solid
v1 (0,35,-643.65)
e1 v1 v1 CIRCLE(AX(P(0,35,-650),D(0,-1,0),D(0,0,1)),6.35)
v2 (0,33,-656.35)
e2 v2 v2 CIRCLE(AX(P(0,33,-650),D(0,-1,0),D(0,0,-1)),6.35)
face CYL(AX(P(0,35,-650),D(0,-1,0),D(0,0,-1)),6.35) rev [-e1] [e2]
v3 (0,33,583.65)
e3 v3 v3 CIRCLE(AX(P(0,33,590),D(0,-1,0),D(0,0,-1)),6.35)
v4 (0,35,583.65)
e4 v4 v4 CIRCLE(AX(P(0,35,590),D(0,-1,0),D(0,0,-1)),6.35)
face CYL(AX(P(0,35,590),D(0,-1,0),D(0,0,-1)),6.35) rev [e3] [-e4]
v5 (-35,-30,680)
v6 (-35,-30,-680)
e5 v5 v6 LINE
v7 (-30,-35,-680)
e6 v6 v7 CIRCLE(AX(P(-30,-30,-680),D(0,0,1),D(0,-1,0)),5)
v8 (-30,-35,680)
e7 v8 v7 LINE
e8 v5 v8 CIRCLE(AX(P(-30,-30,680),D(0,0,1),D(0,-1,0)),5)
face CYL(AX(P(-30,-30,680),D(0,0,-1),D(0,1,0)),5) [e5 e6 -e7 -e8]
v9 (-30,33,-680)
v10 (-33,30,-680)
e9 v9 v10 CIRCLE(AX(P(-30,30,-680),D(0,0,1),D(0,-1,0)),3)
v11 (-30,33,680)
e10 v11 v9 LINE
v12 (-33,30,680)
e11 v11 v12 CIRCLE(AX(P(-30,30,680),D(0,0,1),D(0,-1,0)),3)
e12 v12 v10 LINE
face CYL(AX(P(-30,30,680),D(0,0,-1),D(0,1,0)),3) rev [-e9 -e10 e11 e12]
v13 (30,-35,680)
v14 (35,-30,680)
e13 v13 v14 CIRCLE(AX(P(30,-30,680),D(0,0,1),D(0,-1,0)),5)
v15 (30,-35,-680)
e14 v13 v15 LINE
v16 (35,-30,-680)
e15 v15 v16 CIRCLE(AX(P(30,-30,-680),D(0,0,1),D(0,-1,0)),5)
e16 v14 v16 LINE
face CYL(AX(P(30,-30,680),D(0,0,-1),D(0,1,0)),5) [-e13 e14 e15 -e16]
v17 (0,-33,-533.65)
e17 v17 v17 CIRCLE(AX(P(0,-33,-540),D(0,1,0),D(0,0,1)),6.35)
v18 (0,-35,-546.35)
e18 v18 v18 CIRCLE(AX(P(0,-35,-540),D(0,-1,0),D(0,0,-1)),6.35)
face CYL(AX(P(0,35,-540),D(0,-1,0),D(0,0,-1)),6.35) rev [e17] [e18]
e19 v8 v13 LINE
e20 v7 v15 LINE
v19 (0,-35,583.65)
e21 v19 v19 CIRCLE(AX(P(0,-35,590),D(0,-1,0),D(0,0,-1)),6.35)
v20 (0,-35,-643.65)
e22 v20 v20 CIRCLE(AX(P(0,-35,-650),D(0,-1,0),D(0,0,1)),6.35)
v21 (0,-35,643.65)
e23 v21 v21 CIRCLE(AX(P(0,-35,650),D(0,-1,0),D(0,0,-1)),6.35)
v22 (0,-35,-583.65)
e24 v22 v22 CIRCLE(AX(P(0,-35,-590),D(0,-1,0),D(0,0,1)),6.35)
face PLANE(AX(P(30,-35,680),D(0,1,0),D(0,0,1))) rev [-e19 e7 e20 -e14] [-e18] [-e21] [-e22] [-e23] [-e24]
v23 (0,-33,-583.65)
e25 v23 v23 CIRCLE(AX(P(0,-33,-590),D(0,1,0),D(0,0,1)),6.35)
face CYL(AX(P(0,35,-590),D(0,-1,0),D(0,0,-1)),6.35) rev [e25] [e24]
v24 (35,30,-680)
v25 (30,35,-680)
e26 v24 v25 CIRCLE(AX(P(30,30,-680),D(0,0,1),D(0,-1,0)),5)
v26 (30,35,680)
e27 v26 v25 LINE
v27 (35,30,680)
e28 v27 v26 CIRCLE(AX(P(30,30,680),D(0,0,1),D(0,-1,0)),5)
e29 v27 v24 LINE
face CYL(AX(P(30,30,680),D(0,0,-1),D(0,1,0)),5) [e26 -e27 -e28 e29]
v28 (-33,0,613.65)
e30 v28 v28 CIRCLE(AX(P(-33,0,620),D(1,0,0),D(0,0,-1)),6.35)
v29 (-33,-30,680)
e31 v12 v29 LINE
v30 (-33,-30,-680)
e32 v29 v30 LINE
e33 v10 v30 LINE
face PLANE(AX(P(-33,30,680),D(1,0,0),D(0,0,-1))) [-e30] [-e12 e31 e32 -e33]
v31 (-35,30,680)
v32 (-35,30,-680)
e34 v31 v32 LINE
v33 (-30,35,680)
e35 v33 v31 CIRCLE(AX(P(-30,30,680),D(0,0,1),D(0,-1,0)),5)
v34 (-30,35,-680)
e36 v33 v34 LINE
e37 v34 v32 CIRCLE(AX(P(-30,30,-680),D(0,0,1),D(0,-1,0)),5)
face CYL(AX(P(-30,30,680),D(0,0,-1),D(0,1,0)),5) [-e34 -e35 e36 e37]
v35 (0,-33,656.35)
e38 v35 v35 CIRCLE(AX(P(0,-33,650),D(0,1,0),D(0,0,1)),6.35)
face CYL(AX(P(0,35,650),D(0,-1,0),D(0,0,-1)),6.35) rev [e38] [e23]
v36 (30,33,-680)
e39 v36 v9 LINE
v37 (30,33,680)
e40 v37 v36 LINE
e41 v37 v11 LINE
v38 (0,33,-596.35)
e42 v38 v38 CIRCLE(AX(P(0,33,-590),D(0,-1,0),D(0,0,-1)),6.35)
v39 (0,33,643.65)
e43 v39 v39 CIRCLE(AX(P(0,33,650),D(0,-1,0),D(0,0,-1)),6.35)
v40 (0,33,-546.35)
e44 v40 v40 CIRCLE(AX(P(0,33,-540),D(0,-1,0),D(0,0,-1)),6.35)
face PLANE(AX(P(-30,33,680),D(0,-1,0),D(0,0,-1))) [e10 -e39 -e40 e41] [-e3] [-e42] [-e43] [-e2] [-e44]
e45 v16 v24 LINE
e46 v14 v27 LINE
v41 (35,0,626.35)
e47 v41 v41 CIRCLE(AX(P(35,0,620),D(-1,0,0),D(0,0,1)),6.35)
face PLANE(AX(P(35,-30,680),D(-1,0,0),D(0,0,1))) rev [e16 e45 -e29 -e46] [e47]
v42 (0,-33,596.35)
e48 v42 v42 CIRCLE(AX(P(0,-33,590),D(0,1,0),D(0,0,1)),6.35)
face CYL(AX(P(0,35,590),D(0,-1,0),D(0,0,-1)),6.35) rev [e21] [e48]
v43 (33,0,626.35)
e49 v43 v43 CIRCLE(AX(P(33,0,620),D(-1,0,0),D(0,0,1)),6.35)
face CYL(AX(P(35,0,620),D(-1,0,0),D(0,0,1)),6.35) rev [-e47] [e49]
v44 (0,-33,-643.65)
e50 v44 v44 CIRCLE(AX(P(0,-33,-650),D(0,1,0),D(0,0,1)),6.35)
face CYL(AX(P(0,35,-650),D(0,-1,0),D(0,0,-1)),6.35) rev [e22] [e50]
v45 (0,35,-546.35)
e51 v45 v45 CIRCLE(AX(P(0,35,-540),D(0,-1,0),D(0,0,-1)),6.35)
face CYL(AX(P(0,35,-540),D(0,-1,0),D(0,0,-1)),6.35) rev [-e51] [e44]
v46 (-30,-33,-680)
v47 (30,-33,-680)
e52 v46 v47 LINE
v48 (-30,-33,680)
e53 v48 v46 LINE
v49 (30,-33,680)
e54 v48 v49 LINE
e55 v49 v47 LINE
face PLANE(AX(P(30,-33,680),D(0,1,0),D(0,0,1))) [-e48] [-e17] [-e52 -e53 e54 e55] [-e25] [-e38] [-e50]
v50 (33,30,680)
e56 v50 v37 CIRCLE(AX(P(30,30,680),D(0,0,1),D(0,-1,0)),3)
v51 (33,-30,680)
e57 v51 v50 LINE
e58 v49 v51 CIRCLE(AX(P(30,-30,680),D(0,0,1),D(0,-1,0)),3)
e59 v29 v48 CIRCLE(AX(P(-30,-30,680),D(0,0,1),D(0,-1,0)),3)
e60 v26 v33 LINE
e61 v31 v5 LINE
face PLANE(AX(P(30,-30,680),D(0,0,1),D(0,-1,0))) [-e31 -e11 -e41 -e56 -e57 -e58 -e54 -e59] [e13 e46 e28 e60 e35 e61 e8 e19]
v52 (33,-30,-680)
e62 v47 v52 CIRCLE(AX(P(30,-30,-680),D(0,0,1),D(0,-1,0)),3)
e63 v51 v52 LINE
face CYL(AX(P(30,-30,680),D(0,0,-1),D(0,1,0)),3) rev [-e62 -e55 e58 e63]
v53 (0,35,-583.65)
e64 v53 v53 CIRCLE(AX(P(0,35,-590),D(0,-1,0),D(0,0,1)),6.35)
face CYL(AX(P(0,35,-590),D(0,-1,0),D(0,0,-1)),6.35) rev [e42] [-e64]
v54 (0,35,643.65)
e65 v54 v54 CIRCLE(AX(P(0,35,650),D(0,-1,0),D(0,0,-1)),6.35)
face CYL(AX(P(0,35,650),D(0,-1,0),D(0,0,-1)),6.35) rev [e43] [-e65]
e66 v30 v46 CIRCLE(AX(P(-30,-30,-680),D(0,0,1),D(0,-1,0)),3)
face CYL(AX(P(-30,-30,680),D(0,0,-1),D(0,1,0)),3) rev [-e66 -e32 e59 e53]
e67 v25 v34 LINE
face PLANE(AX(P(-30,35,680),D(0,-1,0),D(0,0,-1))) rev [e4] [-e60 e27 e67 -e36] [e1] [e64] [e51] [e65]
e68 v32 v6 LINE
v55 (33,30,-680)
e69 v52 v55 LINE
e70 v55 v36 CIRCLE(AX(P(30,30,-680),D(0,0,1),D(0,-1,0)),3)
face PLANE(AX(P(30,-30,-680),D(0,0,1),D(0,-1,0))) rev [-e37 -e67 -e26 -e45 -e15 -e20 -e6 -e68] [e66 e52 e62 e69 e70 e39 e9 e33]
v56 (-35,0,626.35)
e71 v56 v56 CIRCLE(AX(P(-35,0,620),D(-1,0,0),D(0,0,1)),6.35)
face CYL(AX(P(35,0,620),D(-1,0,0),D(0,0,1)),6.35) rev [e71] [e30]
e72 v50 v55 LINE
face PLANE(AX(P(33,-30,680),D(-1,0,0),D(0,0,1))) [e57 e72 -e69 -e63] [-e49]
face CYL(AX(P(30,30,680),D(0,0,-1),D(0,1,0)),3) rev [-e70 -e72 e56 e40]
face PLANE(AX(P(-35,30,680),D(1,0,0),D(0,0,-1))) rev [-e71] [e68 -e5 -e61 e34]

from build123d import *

# Parameters (mm, degrees)
TUBO_CUADRADO_3_X_3_X_0_25_1_DEPTH = 1360
CROQUIS3_R                         = 6.35
CORTAR_EXTRUIR1_DEPTH              = 685.488860391
CROQUIS4_R                         = 6.35
CORTAR_EXTRUIR2_DEPTH              = 685.488860391


with BuildPart() as part:
    # Sketch1 → Tubo cuadrado 3 X 3 X 0.25(1) (new body)
    with BuildSketch(Plane(origin=(0, 0, -680), x_dir=(0, -1, 0), z_dir=(0, 0, 1))):
        with BuildLine():
            Line((-30, -35), (30, -35))
            ThreePointArc((30, -35), (33.535533906, -33.535533906), (35, -30))
            Line((35, -30), (35, 30))
            ThreePointArc((35, 30), (33.535533906, 33.535533906), (30, 35))
            Line((30, 35), (-30, 35))
            ThreePointArc((-30, 35), (-33.535533906, 33.535533906), (-35, 30))
            Line((-35, 30), (-35, -30))
            ThreePointArc((-35, -30), (-33.535533906, -33.535533906), (-30, -35))
        make_face()
        with BuildLine():
            Line((-30, -33), (30, -33))
            ThreePointArc((30, -33), (32.121320344, -32.121320344), (33, -30))
            Line((33, -30), (33, 30))
            ThreePointArc((33, 30), (32.121320344, 32.121320344), (30, 33))
            Line((30, 33), (-30, 33))
            ThreePointArc((-30, 33), (-32.121320344, 32.121320344), (-33, 30))
            Line((-33, 30), (-33, -30))
            ThreePointArc((-33, -30), (-32.121320344, -32.121320344), (-30, -33))
        make_face(mode=Mode.SUBTRACT)
    extrude(amount=TUBO_CUADRADO_3_X_3_X_0_25_1_DEPTH)

    # Croquis3 → Cortar-Extruir1 (cut, through all)
    with BuildSketch(Plane.XZ.offset(35)):
        with Locations(Location((0, 650, 0), (0, 0, 270))):
            Circle(CROQUIS3_R)
        with Locations(Location((0, 590, 0), (0, 0, 270))):
            Circle(CROQUIS3_R)
        with Locations(Location((0, -590, 0), (0, 0, 90))):
            Circle(CROQUIS3_R)
        with Locations(Location((0, -650, 0), (0, 0, 90))):
            Circle(CROQUIS3_R)
        with Locations(Location((0, -540, 0), (0, 0, 270))):
            Circle(CROQUIS3_R)
    extrude(amount=-CORTAR_EXTRUIR1_DEPTH, mode=Mode.SUBTRACT)

    # Croquis4 → Cortar-Extruir2 (cut, through all)
    with BuildSketch(Plane.ZY.offset(35)):
        with Locations((620, 0)):
            Circle(CROQUIS4_R)
    extrude(amount=-CORTAR_EXTRUIR2_DEPTH, mode=Mode.SUBTRACT)


solid = part.part
